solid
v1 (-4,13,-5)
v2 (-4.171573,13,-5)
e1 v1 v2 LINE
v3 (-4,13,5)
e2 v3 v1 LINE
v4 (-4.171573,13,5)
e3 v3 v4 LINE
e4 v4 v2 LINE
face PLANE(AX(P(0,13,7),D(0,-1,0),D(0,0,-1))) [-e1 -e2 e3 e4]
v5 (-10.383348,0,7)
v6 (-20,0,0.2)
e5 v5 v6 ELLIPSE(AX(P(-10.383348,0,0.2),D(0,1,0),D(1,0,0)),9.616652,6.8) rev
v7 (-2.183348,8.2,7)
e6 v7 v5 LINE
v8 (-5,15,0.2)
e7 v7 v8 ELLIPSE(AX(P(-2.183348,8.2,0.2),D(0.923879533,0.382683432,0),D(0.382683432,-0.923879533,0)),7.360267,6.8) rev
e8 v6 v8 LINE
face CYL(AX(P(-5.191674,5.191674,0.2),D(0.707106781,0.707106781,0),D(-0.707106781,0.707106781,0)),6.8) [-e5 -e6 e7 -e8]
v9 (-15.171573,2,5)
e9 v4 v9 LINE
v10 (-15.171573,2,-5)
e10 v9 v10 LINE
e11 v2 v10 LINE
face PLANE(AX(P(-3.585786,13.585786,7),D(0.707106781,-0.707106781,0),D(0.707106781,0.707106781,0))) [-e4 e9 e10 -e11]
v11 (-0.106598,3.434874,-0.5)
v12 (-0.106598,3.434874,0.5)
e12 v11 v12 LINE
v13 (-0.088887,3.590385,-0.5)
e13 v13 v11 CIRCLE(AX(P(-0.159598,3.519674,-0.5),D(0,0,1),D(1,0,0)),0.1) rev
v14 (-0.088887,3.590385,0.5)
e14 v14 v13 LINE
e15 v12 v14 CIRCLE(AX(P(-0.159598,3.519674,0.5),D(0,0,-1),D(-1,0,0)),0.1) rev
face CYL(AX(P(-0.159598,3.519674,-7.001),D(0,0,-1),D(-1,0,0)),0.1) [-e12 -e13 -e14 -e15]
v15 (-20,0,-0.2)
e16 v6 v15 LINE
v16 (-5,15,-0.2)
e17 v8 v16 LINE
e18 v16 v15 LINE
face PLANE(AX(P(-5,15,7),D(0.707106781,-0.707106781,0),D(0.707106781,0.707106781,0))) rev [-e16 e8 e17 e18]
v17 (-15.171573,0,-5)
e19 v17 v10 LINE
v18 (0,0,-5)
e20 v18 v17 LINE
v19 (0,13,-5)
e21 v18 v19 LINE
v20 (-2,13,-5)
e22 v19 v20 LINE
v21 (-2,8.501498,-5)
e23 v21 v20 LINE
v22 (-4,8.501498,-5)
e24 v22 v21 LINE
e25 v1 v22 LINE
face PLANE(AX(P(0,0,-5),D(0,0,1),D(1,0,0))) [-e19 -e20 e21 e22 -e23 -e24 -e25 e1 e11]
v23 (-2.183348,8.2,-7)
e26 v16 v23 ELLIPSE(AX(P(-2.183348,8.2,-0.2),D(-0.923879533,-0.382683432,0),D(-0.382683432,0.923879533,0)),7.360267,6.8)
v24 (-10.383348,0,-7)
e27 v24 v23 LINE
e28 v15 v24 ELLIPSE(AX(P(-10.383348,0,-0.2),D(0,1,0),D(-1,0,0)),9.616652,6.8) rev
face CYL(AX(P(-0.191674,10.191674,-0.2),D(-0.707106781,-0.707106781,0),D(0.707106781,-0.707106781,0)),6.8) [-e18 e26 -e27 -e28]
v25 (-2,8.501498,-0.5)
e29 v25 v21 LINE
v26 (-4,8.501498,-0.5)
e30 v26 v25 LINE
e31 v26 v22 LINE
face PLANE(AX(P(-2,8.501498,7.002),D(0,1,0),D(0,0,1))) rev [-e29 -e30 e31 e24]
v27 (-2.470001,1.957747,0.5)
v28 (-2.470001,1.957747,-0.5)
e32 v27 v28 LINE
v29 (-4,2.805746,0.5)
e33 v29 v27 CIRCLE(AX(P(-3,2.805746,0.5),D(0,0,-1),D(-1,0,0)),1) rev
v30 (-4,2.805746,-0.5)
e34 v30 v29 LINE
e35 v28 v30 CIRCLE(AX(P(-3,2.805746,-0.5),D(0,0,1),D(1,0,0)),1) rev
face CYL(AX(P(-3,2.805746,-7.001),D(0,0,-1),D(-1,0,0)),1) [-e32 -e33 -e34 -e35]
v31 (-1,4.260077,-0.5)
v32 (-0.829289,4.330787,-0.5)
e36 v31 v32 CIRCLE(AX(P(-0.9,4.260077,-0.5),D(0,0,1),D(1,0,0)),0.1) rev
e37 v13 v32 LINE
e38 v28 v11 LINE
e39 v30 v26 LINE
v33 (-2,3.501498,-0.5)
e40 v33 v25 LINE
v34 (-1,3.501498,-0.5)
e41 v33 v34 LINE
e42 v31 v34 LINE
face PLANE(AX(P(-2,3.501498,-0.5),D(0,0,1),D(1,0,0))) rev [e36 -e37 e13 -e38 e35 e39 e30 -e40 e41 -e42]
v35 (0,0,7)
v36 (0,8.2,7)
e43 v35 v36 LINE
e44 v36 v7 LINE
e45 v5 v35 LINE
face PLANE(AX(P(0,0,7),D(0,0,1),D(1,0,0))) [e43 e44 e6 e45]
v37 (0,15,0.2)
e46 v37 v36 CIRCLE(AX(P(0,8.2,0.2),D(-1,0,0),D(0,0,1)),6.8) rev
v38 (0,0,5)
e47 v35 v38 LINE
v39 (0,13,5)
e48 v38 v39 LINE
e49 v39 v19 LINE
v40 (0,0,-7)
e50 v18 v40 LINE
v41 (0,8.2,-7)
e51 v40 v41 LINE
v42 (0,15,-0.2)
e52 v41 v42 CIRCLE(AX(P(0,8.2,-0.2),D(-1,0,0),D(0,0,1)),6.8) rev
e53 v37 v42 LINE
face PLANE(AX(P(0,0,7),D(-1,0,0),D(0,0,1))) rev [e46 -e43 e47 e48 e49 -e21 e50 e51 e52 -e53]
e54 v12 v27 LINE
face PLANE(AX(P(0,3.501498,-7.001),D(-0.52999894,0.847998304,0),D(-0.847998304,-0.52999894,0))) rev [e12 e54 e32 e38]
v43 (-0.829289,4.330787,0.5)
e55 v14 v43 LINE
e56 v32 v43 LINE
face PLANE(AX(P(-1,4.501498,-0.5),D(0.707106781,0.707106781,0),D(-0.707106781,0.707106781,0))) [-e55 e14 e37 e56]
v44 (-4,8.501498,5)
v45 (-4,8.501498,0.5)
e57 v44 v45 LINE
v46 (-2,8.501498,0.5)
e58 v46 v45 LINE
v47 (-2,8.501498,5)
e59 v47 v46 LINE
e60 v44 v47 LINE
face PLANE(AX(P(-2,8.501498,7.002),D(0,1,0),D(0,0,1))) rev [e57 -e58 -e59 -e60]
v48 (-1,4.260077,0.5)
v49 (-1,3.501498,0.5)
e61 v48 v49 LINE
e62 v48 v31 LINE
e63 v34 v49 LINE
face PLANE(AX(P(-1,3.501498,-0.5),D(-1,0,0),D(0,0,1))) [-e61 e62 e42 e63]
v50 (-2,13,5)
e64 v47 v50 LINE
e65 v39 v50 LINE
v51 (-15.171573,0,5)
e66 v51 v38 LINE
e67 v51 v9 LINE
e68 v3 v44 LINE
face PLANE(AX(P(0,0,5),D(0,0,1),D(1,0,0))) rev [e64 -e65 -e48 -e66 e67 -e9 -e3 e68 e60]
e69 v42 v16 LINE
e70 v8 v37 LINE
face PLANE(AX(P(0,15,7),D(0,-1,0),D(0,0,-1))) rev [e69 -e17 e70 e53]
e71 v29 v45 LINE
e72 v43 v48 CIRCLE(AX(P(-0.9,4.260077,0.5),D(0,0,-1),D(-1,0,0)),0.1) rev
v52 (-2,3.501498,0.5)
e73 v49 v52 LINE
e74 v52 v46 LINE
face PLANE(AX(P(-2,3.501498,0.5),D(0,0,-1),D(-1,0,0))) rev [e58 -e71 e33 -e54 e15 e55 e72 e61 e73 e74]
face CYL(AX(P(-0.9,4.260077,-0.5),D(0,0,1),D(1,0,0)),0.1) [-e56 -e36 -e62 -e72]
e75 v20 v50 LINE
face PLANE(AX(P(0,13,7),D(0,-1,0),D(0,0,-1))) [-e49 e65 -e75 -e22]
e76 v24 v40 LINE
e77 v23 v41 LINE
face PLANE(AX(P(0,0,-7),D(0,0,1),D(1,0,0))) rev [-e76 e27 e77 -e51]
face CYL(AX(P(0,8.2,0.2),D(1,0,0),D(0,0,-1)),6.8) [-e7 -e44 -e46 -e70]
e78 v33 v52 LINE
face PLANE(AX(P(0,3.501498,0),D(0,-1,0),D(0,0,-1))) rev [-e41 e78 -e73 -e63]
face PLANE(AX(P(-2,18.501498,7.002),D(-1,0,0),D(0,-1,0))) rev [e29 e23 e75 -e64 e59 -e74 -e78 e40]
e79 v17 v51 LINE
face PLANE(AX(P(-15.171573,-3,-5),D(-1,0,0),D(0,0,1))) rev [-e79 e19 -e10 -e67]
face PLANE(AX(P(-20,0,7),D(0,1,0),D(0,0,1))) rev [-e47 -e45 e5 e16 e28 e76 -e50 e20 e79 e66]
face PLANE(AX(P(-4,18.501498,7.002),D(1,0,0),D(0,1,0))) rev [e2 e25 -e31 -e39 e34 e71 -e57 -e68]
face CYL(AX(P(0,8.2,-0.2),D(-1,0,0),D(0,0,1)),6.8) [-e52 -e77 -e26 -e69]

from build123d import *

# Parameters (mm, degrees)
BOSS_EXTRUDE1_DEPTH = 7
SHELL1_T            = -2
BOSS_EXTRUDE2_REACH = 14
SKETCH2_W           = 2
SKETCH2_H           = 10
SKETCH3_W           = 2
SKETCH3_H           = 1
BOSS_EXTRUDE3_DEPTH = 5
SKETCH4_W           = 15.171572875
SKETCH4_H           = 10
CUT_EXTRUDE1_DEPTH  = 5
SKETCH5_W           = 4
SKETCH5_H           = 1
BOSS_EXTRUDE4_DEPTH = 2.5
CUT_EXTRUDE2_REACH  = 9.5
BOSS_EXTRUDE5_START = -1
BOSS_EXTRUDE5_DEPTH = 1
FILLET2_R           = 0.1
FILLET3_R           = 1
FILLET4_R           = 6.8


with BuildPart() as part:
    # Sketch1 → Boss-Extrude1 (new body, symmetric)
    with BuildSketch(Plane.XY):
        Polygon((0, 0), (0, 15), (-5, 15), (-20, 0), align=None)
    extrude(amount=BOSS_EXTRUDE1_DEPTH, both=True)

    # Shell1
    shell1_openings = [part.faces().sort_by_distance(p)[0] for p in [
        (0, 7.5, 0),
    ]]
    offset(amount=SHELL1_T, openings=shell1_openings, kind=Kind.INTERSECTION)

    # Sketch2 → Boss-Extrude2 (add, up to next)
    with BuildSketch(Plane.XY.offset(-5), mode=Mode.PRIVATE) as boss_extrude2_sk1:
        with Locations((-3, 13.501498051)):
            Rectangle(SKETCH2_W, SKETCH2_H)
    boss_extrude2_tool1 = extrude(boss_extrude2_sk1.sketch, amount=BOSS_EXTRUDE2_REACH, mode=Mode.PRIVATE) - part.part
    add(boss_extrude2_tool1.solids().sort_by_distance((-3, 13.501498, -5))[0])

    # Sketch3 → Boss-Extrude3 (add)
    with BuildSketch(Plane.XZ.offset(-8.501498051)):
        with Locations((-3, 0)):
            Rectangle(SKETCH3_W, SKETCH3_H)
    extrude(amount=BOSS_EXTRUDE3_DEPTH)

    # Sketch4 → Cut-Extrude1 (cut)
    with BuildSketch(Plane(origin=(0, 2, 0), x_dir=(1, 0, 0), z_dir=(0, 1, 0))):
        with Locations((-7.585786438, 0)):
            Rectangle(SKETCH4_W, SKETCH4_H)
    extrude(amount=-CUT_EXTRUDE1_DEPTH, mode=Mode.SUBTRACT)

    # Sketch5 → Boss-Extrude4 (add)
    with BuildSketch(Plane(origin=(0, 3.501498051, 0), x_dir=(-1, 0, 0), z_dir=(0, -1, 0))):
        with Locations((2, 0)):
            Rectangle(SKETCH5_W, SKETCH5_H)
    extrude(amount=BOSS_EXTRUDE4_DEPTH)

    # Sketch6 → Cut-Extrude2 (cut, up to next)
    with BuildSketch(Plane.XY.offset(0.5), mode=Mode.PRIVATE) as cut_extrude2_sk1:
        Polygon((0, 3.501498051), (-4, 1.001498051), (0, 1.001498051), align=None)
    cut_extrude2_tool1 = extrude(cut_extrude2_sk1.sketch, amount=-CUT_EXTRUDE2_REACH, mode=Mode.PRIVATE) & part.part
    add(cut_extrude2_tool1.solids().sort_by_distance((-1.333333, 1.834831, 0.5))[0], mode=Mode.SUBTRACT)

    # Sketch7 → Boss-Extrude5 (add)
    with BuildSketch(Plane.XY.offset(0.5).offset(BOSS_EXTRUDE5_START)):
        Polygon((0, 3.501498051), (-1, 3.501498051), (-1, 4.501498051), align=None)
    extrude(amount=BOSS_EXTRUDE5_DEPTH)

    # Fillet2
    fillet2_edges = [part.edges().sort_by_distance(p)[0] for p in [
        (0, 3.501498051, 0),
        (-1, 4.501498051, 0),
    ]]
    fillet(fillet2_edges, radius=FILLET2_R)

    # Fillet3
    fillet3_edges = [part.edges().sort_by_distance(p)[0] for p in [
        (-4, 1.001498051, 0),
    ]]
    fillet(fillet3_edges, radius=FILLET3_R)

    # Fillet4
    fillet4_edges = [part.edges().sort_by_distance(p)[0] for p in [
        (-2.5, 15, 7),
        (-12.5, 7.5, 7),
        (-12.5, 7.5, -7),
        (-2.5, 15, -7),
    ]]
    fillet(fillet4_edges, radius=FILLET4_R)


solid = part.part
